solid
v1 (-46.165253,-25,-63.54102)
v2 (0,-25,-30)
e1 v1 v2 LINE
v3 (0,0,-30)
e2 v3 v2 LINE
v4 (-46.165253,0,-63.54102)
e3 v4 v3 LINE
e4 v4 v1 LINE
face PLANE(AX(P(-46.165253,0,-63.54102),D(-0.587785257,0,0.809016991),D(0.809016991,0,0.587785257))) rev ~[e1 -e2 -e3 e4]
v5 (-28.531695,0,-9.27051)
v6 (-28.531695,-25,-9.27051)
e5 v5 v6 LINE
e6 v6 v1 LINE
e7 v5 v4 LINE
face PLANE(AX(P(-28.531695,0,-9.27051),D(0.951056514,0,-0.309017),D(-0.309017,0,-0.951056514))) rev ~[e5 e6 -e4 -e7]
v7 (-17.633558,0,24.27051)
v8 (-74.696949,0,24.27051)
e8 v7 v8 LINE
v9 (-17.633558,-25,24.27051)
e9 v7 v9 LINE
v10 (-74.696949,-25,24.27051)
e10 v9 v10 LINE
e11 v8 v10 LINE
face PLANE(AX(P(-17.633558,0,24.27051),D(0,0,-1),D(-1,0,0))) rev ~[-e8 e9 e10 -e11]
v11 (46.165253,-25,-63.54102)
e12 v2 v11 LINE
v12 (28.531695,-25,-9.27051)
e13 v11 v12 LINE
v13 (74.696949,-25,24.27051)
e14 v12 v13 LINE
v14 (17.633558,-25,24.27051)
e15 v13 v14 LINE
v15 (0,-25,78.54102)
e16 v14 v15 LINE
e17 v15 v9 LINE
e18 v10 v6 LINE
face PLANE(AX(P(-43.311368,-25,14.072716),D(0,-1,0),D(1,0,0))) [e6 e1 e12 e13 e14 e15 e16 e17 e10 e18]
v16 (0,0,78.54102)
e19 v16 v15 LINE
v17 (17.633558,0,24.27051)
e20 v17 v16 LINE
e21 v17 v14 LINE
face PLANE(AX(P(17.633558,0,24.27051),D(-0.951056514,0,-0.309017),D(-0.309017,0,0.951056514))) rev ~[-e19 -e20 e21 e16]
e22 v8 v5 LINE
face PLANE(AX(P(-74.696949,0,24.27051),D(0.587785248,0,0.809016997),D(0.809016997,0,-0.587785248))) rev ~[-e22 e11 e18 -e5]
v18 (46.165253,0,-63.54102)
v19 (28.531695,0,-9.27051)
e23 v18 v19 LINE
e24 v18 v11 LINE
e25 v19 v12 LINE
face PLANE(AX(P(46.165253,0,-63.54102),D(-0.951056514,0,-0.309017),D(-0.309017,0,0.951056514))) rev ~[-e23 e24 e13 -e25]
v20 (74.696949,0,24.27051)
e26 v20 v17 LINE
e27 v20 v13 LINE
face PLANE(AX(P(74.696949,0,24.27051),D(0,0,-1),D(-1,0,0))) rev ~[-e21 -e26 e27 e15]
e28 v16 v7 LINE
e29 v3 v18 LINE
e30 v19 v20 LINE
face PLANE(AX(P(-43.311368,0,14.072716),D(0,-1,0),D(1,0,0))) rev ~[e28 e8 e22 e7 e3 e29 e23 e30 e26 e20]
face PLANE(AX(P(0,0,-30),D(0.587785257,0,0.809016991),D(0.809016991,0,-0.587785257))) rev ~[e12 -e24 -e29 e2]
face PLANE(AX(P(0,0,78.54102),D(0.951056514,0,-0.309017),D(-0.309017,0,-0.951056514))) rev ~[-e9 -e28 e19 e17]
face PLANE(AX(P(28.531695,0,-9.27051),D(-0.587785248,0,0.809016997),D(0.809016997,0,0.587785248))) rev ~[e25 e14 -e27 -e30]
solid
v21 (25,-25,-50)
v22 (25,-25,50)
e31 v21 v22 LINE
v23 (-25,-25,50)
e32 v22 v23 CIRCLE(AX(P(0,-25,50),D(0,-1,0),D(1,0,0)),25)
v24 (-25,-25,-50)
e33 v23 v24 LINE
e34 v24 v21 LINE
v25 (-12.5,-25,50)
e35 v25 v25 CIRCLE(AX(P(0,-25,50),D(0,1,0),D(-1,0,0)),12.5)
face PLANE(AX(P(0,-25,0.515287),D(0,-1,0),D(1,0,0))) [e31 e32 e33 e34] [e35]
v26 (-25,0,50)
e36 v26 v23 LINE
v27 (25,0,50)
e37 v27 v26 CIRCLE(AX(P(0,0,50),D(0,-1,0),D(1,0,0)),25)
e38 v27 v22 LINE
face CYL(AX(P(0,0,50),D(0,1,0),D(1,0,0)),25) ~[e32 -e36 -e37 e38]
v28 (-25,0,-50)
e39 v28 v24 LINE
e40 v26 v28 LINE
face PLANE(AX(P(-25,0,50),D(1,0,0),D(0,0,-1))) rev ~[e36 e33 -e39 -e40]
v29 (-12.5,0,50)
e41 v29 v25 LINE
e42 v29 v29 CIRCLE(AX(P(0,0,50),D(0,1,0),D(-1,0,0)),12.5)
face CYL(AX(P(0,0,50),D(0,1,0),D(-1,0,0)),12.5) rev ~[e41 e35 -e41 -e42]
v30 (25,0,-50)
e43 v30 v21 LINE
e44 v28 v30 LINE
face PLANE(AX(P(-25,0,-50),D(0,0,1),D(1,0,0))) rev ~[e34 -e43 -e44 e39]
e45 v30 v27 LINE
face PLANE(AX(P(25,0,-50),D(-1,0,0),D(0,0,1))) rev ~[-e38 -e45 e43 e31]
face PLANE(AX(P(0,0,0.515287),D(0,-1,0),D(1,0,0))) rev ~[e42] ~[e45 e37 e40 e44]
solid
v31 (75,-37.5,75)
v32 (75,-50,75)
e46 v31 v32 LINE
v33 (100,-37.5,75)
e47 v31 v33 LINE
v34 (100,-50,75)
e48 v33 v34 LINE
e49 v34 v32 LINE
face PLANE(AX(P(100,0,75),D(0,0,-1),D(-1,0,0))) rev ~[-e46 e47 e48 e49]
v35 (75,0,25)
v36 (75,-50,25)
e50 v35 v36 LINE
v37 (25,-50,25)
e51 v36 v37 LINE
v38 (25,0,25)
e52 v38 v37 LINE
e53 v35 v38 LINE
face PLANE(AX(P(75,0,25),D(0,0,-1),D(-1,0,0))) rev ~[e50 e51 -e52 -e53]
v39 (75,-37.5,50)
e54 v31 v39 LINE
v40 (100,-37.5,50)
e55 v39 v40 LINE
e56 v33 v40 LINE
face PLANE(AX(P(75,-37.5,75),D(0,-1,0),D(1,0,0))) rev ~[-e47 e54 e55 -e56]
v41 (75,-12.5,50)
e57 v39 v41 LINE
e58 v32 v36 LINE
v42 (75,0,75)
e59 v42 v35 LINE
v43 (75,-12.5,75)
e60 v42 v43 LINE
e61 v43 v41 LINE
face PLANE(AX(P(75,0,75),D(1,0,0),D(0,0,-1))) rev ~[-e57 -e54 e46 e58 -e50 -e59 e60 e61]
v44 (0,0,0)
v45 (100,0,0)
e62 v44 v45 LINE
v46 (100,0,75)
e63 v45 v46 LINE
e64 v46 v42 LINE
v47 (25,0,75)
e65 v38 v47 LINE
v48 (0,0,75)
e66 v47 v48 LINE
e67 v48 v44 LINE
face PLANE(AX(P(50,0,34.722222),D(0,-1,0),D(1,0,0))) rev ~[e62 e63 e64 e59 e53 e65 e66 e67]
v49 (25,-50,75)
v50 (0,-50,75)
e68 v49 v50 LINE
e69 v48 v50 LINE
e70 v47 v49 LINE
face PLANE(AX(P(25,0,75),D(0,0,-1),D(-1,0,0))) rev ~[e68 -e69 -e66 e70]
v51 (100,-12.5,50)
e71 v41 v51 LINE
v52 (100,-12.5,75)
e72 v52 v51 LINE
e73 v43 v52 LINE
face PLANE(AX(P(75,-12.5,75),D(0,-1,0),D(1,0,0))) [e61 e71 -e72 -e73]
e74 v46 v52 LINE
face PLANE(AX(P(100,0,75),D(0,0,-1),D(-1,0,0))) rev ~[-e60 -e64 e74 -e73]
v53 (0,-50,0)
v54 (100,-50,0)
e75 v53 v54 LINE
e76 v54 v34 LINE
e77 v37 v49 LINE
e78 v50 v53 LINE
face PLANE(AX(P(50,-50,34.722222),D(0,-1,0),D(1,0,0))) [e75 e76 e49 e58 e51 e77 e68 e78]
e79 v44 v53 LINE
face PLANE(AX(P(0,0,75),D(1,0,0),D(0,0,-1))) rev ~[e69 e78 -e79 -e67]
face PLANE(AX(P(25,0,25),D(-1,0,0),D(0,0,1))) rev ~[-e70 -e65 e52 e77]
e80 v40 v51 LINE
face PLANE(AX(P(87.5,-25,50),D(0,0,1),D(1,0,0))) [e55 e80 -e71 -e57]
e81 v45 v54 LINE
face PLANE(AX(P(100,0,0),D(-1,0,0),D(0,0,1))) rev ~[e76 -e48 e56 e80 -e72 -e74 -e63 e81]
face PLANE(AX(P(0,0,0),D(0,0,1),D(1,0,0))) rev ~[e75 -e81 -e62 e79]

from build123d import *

# Parameters (mm, degrees)
F1_DEPTH = 25
F3_DEPTH = 25
F5_DEPTH = 50
F6_W     = 25
F6_H     = 25
F7_DEPTH = 25


with BuildPart() as f1:
    # F0 (on Front) → F1 (new body)
    with BuildSketch(Plane.XZ):
        with BuildLine():
            ThreePointArc((-28.531695, -9.27051), (-28.531695, 9.27051), (-17.633558, 24.27051))
            Line((-17.633558, 24.27051), (-74.696949, 24.27051))
            Line((-74.696949, 24.27051), (-28.531695, -9.27051))
        make_face()
        with BuildLine():
            ThreePointArc((17.633558, 24.27051), (0, 30), (-17.633558, 24.27051))
            ThreePointArc((-17.633558, 24.27051), (-28.531695, 9.27051), (-28.531695, -9.27051))
            ThreePointArc((-28.531695, -9.27051), (-17.633558, -24.27051), (0, -30))
            ThreePointArc((0, -30), (17.633558, -24.27051), (28.531695, -9.27051))
            ThreePointArc((28.531695, -9.27051), (29.63065, -4.693034), (30, 0))
            ThreePointArc((30, 0), (26.730196, 13.619715), (17.633558, 24.27051))
        make_face()
        with BuildLine():
            Line((17.633558, 24.27051), (0, 78.54102))
            Line((0, 78.54102), (-17.633558, 24.27051))
            ThreePointArc((-17.633558, 24.27051), (0, 30), (17.633558, 24.27051))
        make_face()
        with BuildLine():
            Line((74.696949, 24.27051), (17.633558, 24.27051))
            ThreePointArc((17.633558, 24.27051), (26.730196, 13.619715), (30, 0))
            ThreePointArc((30, 0), (29.63065, -4.693034), (28.531695, -9.27051))
            Line((28.531695, -9.27051), (74.696949, 24.27051))
        make_face()
        with BuildLine():
            ThreePointArc((28.531695, -9.27051), (17.633558, -24.27051), (0, -30))
            Line((0, -30), (46.165253, -63.54102))
            Line((46.165253, -63.54102), (28.531695, -9.27051))
        make_face()
        with BuildLine():
            ThreePointArc((0, -30), (-17.633558, -24.27051), (-28.531695, -9.27051))
            Line((-28.531695, -9.27051), (-46.165253, -63.54102))
            Line((-46.165253, -63.54102), (0, -30))
        make_face()
    extrude(amount=F1_DEPTH)


with BuildPart() as f3:
    # F2 (on Front) → F3 (new body)
    with BuildSketch(Plane.XZ):
        with BuildLine():
            Line((25, -50), (25, 50))
            ThreePointArc((25, 50), (0, 25), (-25, 50))
            Line((-25, 50), (-25, -50))
            Line((-25, -50), (25, -50))
        make_face()
        with BuildLine():
            ThreePointArc((-12.5, 50), (0, 62.5), (12.5, 50))
            Line((12.5, 50), (25, 50))
            ThreePointArc((25, 50), (0, 75), (-25, 50))
            Line((-25, 50), (-12.5, 50))
        make_face()
        with BuildLine():
            Line((25, 50), (12.5, 50))
            ThreePointArc((12.5, 50), (0, 37.5), (-12.5, 50))
            Line((-12.5, 50), (-25, 50))
            ThreePointArc((-25, 50), (0, 25), (25, 50))
        make_face()
    extrude(amount=F3_DEPTH)


with BuildPart() as f5:
    # F4 (on Front) → F5 (new body)
    with BuildSketch(Plane.XZ):
        Polygon((0, 75), (0, 0), (100, 0), (100, 75), (75, 75), (75, 25), (25, 25), (25, 75), align=None)
    extrude(amount=F5_DEPTH)

    # F6 (on face) → F7 (cut)
    with BuildSketch(Plane.XY.offset(75)):
        with Locations((87.5, -25)):
            Rectangle(F6_W, F6_H)
    extrude(amount=-F7_DEPTH, mode=Mode.SUBTRACT)


solid = Compound([f1.part, f3.part, f5.part])
